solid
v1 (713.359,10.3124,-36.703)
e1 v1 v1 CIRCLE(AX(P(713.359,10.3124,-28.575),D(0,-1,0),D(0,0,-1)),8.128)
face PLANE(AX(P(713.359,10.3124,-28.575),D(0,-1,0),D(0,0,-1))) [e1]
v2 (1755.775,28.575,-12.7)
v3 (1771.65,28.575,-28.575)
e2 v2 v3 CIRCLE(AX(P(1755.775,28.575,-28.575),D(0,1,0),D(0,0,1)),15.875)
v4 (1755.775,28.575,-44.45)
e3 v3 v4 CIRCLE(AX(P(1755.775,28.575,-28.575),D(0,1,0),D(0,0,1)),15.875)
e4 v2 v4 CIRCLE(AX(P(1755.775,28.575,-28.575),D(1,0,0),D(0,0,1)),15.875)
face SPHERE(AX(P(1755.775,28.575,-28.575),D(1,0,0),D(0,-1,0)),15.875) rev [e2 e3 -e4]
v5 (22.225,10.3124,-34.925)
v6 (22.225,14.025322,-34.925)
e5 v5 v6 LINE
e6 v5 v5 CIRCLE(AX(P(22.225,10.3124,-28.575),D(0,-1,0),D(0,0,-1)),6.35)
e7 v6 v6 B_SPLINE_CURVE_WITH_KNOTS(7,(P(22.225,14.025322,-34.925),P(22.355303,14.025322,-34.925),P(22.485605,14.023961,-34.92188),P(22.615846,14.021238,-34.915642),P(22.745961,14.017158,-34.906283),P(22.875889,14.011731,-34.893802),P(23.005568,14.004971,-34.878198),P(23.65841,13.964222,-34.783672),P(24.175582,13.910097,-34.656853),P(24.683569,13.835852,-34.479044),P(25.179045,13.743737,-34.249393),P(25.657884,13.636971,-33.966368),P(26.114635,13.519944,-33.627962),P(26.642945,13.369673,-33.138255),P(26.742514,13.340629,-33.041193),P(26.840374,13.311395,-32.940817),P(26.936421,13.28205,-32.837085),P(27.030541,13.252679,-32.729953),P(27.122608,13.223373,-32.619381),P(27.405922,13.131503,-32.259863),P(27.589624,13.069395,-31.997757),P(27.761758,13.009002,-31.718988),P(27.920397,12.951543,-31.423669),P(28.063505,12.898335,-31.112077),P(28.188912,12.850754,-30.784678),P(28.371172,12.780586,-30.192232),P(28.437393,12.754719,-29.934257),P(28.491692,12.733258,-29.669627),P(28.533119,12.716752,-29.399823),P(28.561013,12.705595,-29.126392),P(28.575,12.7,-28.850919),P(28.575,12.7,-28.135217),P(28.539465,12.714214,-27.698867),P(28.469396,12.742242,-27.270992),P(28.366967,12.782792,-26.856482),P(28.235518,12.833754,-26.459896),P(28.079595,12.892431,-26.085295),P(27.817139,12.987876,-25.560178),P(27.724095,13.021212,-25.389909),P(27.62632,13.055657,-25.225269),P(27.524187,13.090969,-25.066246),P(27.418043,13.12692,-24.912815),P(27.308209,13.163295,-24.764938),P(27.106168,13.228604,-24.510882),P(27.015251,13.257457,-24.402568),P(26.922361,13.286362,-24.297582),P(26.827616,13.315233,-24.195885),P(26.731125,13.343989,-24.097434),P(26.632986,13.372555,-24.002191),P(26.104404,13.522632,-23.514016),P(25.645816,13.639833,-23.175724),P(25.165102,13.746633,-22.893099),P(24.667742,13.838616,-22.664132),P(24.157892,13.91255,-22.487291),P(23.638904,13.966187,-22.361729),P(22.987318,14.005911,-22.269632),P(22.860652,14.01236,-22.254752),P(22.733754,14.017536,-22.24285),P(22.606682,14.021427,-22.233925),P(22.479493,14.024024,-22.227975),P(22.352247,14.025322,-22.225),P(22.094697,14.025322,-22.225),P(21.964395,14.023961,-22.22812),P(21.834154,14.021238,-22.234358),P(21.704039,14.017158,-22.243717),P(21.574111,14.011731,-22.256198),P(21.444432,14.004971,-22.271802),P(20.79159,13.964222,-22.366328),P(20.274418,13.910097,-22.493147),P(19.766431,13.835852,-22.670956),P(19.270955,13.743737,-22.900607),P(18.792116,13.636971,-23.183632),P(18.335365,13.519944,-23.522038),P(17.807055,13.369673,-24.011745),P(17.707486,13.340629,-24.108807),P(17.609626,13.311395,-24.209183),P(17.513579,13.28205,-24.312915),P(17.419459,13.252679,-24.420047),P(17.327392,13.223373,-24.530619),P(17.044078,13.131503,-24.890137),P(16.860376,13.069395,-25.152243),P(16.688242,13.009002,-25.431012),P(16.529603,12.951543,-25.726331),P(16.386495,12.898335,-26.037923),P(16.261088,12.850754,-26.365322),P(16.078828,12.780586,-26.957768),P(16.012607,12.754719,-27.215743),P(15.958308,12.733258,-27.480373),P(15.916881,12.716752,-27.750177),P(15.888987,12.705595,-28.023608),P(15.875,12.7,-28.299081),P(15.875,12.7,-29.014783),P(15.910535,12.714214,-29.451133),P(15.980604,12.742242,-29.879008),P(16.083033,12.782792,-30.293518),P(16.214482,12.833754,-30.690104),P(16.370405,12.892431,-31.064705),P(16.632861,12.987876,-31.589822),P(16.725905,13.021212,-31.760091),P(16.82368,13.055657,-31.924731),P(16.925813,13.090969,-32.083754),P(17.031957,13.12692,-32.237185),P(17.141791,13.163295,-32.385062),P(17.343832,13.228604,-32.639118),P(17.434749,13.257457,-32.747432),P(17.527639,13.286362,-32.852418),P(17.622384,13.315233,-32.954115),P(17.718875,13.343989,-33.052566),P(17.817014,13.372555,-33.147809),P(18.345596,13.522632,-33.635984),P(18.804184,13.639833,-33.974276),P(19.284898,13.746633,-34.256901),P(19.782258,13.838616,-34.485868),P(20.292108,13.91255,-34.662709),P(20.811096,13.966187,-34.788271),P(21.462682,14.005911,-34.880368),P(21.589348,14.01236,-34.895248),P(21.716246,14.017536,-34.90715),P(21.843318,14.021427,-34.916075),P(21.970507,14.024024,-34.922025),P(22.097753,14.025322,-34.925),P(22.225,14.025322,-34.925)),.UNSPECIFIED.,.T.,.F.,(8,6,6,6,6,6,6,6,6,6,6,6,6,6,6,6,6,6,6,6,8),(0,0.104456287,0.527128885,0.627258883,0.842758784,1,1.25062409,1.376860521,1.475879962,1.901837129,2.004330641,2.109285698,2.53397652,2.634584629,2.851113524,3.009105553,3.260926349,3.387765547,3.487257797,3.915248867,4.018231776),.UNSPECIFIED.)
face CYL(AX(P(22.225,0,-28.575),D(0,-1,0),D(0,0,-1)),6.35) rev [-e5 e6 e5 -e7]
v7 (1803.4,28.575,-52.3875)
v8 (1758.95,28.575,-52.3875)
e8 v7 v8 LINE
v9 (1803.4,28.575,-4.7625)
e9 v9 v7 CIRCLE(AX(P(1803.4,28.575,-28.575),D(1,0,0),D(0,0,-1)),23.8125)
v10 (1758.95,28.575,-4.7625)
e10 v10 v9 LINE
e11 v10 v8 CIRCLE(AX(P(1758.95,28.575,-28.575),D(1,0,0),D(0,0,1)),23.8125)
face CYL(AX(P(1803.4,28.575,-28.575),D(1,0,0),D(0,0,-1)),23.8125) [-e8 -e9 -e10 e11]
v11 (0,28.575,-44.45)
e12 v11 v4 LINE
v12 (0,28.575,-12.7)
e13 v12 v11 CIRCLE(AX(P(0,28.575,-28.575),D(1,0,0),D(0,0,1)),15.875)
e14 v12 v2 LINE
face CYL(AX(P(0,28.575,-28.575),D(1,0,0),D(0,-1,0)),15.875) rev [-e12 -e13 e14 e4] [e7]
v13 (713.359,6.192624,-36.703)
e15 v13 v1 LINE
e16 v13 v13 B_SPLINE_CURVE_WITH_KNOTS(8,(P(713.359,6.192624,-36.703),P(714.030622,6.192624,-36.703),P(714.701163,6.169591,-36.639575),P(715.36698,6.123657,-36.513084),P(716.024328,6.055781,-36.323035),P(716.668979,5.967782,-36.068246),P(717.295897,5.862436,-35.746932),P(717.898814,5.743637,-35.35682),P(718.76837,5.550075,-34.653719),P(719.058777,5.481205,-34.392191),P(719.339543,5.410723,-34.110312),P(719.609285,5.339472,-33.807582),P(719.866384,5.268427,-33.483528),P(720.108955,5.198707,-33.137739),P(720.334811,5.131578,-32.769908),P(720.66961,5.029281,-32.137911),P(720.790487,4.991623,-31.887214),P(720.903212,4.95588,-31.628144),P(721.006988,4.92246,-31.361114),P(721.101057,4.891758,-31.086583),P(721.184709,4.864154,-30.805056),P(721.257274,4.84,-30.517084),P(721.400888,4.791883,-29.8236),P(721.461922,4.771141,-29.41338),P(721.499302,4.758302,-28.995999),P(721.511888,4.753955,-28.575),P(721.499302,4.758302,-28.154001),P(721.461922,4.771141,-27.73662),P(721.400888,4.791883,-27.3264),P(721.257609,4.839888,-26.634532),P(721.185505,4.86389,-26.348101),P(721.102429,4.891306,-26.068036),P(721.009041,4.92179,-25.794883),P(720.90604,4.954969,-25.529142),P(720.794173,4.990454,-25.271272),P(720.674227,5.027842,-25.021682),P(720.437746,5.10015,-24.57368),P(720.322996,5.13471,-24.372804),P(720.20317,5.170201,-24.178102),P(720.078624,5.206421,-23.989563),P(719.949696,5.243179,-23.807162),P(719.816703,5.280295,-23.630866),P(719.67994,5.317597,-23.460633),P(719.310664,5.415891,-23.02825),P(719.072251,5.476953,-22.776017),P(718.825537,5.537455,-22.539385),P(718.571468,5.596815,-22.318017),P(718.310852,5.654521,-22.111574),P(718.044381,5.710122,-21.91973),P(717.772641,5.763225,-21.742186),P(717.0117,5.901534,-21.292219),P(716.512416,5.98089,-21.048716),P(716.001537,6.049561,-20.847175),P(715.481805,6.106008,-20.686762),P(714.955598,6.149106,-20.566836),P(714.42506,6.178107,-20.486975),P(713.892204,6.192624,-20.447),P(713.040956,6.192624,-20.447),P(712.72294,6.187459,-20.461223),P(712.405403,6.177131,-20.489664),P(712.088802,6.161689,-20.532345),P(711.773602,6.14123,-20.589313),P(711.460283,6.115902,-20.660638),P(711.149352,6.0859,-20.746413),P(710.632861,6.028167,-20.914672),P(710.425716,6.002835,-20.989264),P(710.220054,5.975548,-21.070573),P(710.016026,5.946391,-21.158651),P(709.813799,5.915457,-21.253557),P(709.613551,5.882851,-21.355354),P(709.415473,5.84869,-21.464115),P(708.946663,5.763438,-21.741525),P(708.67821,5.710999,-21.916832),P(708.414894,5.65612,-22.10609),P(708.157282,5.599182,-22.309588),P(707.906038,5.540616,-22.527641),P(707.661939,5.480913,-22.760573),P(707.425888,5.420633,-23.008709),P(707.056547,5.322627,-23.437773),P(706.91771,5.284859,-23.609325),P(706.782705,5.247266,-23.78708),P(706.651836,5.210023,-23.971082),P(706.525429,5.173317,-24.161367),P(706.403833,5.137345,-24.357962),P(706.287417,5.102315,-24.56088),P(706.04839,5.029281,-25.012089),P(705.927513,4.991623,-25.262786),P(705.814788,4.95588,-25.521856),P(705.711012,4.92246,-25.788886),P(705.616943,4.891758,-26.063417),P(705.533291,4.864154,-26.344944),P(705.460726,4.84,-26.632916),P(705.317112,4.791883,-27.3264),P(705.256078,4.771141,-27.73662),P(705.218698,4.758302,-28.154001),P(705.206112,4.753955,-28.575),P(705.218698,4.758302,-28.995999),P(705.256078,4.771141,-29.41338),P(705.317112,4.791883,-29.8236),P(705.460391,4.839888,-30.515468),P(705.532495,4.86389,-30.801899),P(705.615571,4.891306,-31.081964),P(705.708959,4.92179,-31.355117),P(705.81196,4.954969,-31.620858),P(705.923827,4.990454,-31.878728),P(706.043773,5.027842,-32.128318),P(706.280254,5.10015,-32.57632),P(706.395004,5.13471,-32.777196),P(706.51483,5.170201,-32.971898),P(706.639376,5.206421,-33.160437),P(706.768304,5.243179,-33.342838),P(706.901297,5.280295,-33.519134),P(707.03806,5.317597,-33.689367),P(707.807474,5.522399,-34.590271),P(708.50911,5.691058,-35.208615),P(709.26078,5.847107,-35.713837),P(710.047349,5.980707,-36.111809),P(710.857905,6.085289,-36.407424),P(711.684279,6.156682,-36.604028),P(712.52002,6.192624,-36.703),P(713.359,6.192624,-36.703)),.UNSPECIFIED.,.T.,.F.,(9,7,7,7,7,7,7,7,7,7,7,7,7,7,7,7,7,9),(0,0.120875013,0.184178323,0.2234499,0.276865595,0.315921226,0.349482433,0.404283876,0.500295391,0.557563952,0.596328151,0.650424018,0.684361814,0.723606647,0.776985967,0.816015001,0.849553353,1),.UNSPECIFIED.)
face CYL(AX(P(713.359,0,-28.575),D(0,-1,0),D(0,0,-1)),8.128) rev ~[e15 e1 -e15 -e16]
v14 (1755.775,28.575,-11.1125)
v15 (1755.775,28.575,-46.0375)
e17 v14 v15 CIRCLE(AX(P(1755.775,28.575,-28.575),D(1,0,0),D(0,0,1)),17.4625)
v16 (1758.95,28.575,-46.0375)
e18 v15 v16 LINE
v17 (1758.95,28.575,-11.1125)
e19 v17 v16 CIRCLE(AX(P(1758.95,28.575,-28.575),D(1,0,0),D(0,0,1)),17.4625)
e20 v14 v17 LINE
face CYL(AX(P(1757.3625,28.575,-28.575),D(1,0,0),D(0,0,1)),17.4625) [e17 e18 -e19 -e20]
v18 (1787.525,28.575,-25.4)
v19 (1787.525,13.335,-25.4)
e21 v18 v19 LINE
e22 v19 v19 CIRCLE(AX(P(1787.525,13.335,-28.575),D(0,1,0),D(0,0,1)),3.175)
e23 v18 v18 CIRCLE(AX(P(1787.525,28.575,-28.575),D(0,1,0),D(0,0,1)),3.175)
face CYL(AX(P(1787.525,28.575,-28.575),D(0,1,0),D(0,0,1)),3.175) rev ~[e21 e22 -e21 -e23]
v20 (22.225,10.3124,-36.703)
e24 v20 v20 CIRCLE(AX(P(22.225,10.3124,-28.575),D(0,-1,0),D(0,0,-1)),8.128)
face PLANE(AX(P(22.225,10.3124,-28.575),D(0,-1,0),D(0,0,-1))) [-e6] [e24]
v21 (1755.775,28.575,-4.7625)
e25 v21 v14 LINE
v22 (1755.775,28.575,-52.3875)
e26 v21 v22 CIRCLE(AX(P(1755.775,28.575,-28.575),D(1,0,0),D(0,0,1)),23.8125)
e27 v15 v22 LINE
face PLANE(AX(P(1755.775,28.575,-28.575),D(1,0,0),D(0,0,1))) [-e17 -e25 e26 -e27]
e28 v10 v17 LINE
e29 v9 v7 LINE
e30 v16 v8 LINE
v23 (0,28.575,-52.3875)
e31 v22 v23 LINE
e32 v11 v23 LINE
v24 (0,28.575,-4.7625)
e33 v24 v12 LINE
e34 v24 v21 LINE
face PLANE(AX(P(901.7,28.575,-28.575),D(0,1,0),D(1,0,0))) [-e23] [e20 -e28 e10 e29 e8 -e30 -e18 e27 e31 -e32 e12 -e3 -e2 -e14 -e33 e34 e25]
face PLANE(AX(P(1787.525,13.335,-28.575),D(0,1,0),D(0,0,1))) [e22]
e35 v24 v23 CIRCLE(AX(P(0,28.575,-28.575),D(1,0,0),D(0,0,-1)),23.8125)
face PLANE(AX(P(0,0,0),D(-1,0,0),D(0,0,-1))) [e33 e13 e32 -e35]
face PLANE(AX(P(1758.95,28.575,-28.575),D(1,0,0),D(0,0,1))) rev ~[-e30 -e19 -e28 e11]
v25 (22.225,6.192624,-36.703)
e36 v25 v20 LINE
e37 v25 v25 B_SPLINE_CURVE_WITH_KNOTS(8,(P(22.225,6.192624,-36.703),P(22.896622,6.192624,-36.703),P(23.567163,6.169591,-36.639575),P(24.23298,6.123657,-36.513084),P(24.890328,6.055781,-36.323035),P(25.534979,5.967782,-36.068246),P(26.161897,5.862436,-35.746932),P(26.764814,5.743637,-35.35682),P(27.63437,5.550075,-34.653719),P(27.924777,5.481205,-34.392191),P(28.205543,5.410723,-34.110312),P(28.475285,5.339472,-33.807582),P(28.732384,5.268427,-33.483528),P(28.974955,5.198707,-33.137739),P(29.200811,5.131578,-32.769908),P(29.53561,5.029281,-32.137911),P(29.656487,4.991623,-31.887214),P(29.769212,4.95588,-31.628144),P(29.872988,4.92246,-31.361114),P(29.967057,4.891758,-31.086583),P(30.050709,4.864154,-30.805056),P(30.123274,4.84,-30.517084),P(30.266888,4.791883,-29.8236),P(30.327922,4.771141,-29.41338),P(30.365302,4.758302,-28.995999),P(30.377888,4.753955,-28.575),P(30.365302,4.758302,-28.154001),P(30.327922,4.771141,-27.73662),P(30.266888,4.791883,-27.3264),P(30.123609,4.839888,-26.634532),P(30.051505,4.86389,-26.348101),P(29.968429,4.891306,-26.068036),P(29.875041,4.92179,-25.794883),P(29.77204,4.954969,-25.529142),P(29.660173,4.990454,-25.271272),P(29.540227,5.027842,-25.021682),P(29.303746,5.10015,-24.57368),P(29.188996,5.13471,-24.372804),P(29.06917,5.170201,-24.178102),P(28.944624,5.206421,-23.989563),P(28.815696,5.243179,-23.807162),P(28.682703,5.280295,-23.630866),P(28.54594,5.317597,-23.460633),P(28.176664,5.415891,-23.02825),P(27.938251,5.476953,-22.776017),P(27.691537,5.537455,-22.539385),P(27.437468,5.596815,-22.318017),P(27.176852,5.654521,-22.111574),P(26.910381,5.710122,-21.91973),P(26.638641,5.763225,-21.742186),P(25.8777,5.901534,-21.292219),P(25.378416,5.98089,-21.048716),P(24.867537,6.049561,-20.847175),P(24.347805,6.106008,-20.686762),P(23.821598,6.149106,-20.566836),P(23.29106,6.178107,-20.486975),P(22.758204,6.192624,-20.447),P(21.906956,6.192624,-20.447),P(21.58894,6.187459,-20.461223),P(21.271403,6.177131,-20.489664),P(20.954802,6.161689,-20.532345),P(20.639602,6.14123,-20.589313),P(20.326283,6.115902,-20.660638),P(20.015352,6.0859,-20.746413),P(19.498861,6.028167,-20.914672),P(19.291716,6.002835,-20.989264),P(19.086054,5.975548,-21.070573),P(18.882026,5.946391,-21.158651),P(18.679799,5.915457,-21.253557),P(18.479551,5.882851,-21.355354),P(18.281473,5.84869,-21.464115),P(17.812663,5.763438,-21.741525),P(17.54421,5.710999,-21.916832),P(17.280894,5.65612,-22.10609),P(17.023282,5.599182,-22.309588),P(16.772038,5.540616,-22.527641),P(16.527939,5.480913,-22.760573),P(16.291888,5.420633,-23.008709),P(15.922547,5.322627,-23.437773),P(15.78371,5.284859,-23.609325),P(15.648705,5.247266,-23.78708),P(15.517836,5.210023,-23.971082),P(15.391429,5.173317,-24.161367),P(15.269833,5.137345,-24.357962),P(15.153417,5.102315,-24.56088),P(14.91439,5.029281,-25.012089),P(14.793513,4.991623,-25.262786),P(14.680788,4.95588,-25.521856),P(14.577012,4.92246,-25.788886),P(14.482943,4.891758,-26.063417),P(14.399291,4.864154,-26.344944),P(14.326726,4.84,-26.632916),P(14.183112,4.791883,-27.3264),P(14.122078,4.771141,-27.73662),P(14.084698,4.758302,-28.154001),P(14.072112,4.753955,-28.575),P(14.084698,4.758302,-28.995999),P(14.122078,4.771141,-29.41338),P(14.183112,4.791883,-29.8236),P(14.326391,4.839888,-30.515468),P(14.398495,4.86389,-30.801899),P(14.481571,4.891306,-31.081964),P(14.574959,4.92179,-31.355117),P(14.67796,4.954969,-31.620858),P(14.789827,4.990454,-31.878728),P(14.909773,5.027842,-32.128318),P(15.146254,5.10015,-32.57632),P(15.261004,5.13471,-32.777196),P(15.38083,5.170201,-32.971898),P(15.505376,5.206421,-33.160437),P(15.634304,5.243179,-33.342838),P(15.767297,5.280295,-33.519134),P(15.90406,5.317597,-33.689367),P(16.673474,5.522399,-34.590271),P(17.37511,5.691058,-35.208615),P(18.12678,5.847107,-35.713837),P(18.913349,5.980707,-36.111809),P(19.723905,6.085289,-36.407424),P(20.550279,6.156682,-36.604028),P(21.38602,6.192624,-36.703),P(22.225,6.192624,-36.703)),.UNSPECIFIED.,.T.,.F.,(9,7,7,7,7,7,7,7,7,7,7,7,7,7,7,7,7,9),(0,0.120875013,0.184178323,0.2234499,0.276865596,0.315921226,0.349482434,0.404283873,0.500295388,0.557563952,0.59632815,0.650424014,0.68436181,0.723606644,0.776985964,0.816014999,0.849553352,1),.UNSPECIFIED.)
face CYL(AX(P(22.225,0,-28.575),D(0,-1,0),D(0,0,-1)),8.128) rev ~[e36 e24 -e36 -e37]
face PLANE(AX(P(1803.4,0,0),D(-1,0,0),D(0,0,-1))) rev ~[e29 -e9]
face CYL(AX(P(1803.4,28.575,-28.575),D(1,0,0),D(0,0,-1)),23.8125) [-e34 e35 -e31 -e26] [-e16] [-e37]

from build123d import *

# Parameters (mm, degrees)
SKETCH1_W                     = 1803.4
SKETCH1_H                     = 57.15
WOOD_BLOCK_DEPTH              = 28.575
SKETCH5_R                     = 6.35
MOUTHPIECE_THROUGH_HOLE_DEPTH = 1805.531577204
SKETCH6_R                     = 3.175
DOWEL_PIN_HOLE_DEPTH          = 15.24
SKETCH8_R                     = 8.128
CUT_EXTRUDE1_DEPTH            = 10.3124
SKETCH3_OUTSIDE_W             = 420.056
SKETCH3_OUTSIDE_H             = 391.481
SKETCH3_OUTSIDE_R             = 23.8125
OUTER_DIAMETER_DEPTH          = 1805.531577305
SKETCH7_W                     = 3.175
SKETCH7_H                     = 6.35


with BuildPart() as part:
    # Sketch1 → wood block (new body)
    with BuildSketch(Plane(origin=(0, 0, 0), x_dir=(1, 0, 0), z_dir=(0, 1, 0))):
        with Locations((901.7, 28.575)):
            Rectangle(SKETCH1_W, SKETCH1_H)
    extrude(amount=WOOD_BLOCK_DEPTH)

    # Sketch2 → inner bore (revolve, cut)
    with BuildSketch(Plane.XY.offset(-28.575)):
        with BuildLine():
            Line((1771.65, 28.575), (-15.875, 28.575))
            ThreePointArc((-15.875, 28.575), (-11.225320151, 17.349679849), (0, 12.7))
            Line((0, 12.7), (1755.775, 12.7))
            ThreePointArc((1755.775, 12.7), (1767.000320151, 17.349679849), (1771.65, 28.575))
        make_face()
    revolve(axis=Axis((1771.65, 28.575, -28.575), (-1, 0, 0)), mode=Mode.SUBTRACT)

    # Sketch5 → mouthpiece through hole (cut, through all)
    with BuildSketch(Plane(origin=(0, 0, 0), x_dir=(1, 0, 0), z_dir=(0, 1, 0))):
        with Locations(Location((22.225, 28.575, 0), (0, 0, 90))):
            Circle(SKETCH5_R)
    extrude(amount=MOUTHPIECE_THROUGH_HOLE_DEPTH, mode=Mode.SUBTRACT)

    # Sketch6 → dowel pin hole (cut)
    with BuildSketch(Plane(origin=(0, 28.575, 0), x_dir=(1, 0, 0), z_dir=(0, 1, 0))):
        with Locations(Location((1787.525, 28.575, 0), (0, 0, 270))):
            Circle(SKETCH6_R)
    extrude(amount=-DOWEL_PIN_HOLE_DEPTH, mode=Mode.SUBTRACT)

    # Sketch8 → Cut-Extrude1 (cut)
    with BuildSketch(Plane.XZ):
        with Locations(Location((22.225, -28.575, 0), (0, 0, 270))):
            Circle(SKETCH8_R)
        with Locations(Location((713.359, -28.575, 0), (0, 0, 270))):
            Circle(SKETCH8_R)
    extrude(amount=-CUT_EXTRUDE1_DEPTH, mode=Mode.SUBTRACT)

    # Sketch3 outside → outer diameter (cut, through all)
    with BuildSketch(Plane(origin=(1803.4, 0, 0), x_dir=(0, 0, -1), z_dir=(1, 0, 0))):
        with Locations((28.575, 14.2875)):
            Rectangle(SKETCH3_OUTSIDE_W, SKETCH3_OUTSIDE_H)
        with Locations((28.575, 28.575)):
            Circle(SKETCH3_OUTSIDE_R, mode=Mode.SUBTRACT)
    extrude(amount=-OUTER_DIAMETER_DEPTH, mode=Mode.SUBTRACT)

    # Sketch7 → end length locator (revolve, cut)
    with BuildSketch(Plane(origin=(0, 28.575, 0), x_dir=(1, 0, 0), z_dir=(0, 1, 0))):
        with Locations((1757.3625, 7.9375)):
            Rectangle(SKETCH7_W, SKETCH7_H)
    revolve(axis=Axis((0, 28.575, -28.575), (1, 0, 0)), mode=Mode.SUBTRACT)


solid = part.part
